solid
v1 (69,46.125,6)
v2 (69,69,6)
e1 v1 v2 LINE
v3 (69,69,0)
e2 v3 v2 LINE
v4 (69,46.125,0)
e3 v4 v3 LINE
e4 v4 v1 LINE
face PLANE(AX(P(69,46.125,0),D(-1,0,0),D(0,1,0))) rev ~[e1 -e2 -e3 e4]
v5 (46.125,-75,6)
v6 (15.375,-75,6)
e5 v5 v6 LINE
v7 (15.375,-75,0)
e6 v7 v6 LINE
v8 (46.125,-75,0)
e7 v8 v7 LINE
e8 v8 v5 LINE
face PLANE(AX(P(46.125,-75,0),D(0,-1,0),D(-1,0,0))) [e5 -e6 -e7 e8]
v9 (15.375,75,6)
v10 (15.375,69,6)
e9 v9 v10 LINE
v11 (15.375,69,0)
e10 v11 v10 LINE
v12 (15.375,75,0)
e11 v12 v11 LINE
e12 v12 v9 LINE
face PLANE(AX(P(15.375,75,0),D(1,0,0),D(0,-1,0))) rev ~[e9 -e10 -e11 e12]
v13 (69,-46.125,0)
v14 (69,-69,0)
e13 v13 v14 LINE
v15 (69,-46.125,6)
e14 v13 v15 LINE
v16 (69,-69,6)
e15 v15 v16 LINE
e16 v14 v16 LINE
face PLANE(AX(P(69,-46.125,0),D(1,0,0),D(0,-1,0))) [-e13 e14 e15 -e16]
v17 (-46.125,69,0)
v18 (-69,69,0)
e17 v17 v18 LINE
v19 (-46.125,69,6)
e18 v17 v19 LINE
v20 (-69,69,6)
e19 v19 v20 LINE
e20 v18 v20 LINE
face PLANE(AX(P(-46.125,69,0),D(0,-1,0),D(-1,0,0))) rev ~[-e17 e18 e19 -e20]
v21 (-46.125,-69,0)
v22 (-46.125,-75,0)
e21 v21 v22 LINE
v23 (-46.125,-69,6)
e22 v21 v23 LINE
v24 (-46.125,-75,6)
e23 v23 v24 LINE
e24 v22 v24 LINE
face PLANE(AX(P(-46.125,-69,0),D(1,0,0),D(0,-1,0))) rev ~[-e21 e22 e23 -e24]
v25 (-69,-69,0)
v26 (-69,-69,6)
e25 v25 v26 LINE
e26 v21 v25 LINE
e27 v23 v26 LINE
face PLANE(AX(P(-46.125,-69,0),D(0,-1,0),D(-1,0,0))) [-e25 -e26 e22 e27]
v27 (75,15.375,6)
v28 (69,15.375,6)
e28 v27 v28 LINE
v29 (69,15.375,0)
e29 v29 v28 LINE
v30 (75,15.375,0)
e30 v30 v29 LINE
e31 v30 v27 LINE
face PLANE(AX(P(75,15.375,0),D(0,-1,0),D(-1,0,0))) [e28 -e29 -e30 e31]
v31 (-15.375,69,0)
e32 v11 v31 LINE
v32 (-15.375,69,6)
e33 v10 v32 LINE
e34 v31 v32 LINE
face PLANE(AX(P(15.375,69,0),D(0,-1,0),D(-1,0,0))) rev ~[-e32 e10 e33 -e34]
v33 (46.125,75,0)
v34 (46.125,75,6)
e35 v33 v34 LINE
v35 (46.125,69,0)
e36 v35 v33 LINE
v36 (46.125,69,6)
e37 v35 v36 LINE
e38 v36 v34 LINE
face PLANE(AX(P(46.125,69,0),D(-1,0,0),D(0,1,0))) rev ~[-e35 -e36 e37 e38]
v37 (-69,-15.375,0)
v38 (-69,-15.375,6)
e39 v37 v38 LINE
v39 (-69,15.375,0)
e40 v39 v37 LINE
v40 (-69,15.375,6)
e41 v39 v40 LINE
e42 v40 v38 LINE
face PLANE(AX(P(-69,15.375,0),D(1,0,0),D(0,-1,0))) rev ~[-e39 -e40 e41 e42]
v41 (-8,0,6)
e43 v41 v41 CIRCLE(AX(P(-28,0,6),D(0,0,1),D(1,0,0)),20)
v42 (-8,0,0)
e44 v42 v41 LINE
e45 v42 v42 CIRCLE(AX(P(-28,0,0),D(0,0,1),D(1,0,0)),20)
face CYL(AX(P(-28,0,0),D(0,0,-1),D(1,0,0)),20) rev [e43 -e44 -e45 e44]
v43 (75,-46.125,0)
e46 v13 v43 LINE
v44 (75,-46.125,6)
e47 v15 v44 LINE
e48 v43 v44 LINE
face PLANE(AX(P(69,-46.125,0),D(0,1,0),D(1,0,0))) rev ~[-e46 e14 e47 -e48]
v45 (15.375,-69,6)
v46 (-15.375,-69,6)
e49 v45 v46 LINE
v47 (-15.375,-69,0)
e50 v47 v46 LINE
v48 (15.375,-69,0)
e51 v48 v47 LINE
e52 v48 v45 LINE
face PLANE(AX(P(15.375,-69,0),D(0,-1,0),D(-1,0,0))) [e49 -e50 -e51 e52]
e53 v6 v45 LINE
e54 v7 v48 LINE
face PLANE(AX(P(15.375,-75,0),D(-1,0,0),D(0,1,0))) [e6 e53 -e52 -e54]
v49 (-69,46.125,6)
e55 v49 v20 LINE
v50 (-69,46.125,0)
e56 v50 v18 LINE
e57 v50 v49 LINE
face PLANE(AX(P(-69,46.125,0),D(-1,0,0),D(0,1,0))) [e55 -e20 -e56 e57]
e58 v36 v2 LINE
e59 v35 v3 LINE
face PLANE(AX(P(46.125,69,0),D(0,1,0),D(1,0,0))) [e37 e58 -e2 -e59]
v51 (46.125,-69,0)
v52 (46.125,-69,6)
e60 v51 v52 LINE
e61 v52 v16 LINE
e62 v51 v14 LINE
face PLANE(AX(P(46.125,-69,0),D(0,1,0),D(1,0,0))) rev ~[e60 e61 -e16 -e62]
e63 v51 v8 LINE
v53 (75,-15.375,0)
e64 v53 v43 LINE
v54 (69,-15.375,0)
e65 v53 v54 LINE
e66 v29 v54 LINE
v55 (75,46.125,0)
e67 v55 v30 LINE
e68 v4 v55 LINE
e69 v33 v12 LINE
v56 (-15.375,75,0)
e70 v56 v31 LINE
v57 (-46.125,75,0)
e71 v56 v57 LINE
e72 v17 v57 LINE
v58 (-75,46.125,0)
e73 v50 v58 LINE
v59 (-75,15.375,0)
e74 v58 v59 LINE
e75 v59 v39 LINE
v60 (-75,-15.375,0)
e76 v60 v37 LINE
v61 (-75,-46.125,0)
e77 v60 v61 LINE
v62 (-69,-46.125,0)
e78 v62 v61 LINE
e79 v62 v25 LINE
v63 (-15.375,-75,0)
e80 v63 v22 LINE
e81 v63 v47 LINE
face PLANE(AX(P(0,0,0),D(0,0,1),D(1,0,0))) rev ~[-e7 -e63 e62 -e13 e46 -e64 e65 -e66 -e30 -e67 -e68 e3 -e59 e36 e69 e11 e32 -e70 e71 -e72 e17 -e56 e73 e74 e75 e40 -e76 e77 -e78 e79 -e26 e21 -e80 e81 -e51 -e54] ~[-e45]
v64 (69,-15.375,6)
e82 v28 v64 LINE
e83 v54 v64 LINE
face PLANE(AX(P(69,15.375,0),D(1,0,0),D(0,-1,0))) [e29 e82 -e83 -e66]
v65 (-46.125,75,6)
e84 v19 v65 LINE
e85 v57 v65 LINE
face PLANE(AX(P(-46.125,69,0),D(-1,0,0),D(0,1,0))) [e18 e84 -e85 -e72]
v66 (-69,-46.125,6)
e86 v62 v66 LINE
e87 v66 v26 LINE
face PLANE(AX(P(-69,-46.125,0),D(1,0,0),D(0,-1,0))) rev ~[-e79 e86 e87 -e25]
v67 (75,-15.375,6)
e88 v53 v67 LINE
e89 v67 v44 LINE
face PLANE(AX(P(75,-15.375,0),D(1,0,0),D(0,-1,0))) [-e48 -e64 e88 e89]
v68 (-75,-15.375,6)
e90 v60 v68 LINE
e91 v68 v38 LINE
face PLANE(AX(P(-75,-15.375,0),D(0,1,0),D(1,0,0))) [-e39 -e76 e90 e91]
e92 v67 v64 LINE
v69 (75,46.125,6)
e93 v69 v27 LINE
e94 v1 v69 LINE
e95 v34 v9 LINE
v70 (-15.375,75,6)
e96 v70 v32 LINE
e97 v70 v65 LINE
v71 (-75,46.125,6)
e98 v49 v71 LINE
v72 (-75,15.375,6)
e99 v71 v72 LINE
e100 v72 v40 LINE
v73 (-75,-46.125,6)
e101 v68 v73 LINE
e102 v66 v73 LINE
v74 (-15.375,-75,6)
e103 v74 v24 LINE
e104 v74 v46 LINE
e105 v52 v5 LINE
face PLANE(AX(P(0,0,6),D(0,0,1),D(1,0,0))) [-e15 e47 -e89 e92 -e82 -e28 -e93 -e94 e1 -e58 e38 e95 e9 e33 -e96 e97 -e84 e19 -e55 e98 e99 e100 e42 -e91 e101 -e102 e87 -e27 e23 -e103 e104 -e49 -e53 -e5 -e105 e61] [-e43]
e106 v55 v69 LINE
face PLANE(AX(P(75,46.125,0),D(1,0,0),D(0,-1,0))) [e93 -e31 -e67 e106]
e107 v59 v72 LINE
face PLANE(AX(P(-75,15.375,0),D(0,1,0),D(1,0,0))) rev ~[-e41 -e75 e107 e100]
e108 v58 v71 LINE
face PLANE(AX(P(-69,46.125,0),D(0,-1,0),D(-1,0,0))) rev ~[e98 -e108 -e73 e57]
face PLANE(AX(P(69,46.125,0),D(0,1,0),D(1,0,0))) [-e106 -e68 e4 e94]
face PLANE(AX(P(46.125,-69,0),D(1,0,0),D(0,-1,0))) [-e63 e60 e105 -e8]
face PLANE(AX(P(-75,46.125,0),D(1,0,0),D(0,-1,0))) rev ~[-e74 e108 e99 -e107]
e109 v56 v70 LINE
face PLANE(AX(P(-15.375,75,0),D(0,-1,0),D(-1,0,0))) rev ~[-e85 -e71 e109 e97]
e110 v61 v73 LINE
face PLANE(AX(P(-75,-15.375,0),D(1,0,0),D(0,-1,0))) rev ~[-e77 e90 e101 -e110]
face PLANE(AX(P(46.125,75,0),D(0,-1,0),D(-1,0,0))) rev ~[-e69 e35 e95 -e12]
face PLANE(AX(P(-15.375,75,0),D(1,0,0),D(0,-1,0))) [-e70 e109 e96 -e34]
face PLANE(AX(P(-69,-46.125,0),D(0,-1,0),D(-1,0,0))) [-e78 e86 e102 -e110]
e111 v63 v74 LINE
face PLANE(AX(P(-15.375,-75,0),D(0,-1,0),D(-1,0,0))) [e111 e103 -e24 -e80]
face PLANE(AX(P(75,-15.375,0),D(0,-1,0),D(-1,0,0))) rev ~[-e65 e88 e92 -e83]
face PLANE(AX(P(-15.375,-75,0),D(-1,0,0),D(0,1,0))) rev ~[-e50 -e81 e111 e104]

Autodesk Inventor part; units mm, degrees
ref_plane "YZ Plane" through (0, 0, 0) normal (1, 0, 0) x (0, 1, 0)
ref_plane "XZ Plane" through (0, 0, 0) normal (0, 1, 0) x (-1, 0, 0)
ref_plane "XY Plane" through (0, 0, 0) normal (0, 0, 1) x (1, 0, 0)
sketch "Sketch1" plane through (0, 0, 0) normal (0, 0, 1) x (1, 0, 0)
  line L0 (-75, -15.375) -> (-69, -15.375)
  line L1 (-69, -46.125) -> (-75, -46.125)
  line L2 (-69, 46.125) -> (-75, 46.125)
  line L3 (-75, 15.375) -> (-69, 15.375)
  line L4 (-69, 46.125) -> (-69, 69)
  line L5 (-75, 46.125) -> (-75, 15.375)
  line L6 (-69, 15.375) -> (-69, -15.375)
  line L7 (-75, -15.375) -> (-75, -46.125)
  line L8 (-69, -46.125) -> (-69, -69)
  line L9 (0, 0) -> (0, 15.375)
  line L10 (0, 0) -> (0, -46.125)
  line L11 (69, 15.375) -> (69, -15.375)
  line L12 (75, 15.375) -> (69, 15.375)
  line L13 (75, 46.125) -> (75, 15.375)
  line L14 (69, 46.125) -> (75, 46.125)
  line L15 (69, 46.125) -> (69, 69)
  line L16 (75, -15.375) -> (69, -15.375)
  line L17 (75, -15.375) -> (75, -46.125)
  line L18 (69, -46.125) -> (75, -46.125)
  line L19 (69, -46.125) -> (69, -69)
  line L20 (0, 0) -> (92.4518, 92.4518)
  line L21 (0, 0) -> (102.0745, -102.0745)
  line L22 (-15.375, 75) -> (-15.375, 69)
  line L23 (-46.125, 69) -> (-46.125, 75)
  line L24 (-15.375, 75) -> (-46.125, 75)
  line L25 (-46.125, 69) -> (-69, 69)
  line L26 (15.375, 69) -> (-15.375, 69)
  line L27 (15.375, 75) -> (15.375, 69)
  line L28 (46.125, 75) -> (15.375, 75)
  line L29 (46.125, 69) -> (46.125, 75)
  line L30 (46.125, 69) -> (69, 69)
  line L31 (46.125, -69) -> (46.125, -75)
  line L32 (46.125, -75) -> (15.375, -75)
  line L33 (46.125, -69) -> (69, -69)
  line L34 (-15.375, -75) -> (-15.375, -69)
  line L35 (15.375, -75) -> (15.375, -69)
  line L36 (15.375, -69) -> (-15.375, -69)
  line L37 (-15.375, -75) -> (-46.125, -75)
  line L38 (-46.125, -69) -> (-46.125, -75)
  line L39 (-46.125, -69) -> (-69, -69)
  line L40 (0, 0) -> (-28, 0)
  circle A0 centre (-28, 0) radius 20
  point P0 (0, 0)
  point P1 (0, 0)
  point P2 (-69, -75)
  point P3 (-69, 75)
  point P4 (69, -75)
  point P5 (69, 75)
  dimension "d1" = 28
  dimension "d2" = 40
extrude "Extrusion1" add sketch "Sketch1" along normal blind 6
properties part number "Top"
